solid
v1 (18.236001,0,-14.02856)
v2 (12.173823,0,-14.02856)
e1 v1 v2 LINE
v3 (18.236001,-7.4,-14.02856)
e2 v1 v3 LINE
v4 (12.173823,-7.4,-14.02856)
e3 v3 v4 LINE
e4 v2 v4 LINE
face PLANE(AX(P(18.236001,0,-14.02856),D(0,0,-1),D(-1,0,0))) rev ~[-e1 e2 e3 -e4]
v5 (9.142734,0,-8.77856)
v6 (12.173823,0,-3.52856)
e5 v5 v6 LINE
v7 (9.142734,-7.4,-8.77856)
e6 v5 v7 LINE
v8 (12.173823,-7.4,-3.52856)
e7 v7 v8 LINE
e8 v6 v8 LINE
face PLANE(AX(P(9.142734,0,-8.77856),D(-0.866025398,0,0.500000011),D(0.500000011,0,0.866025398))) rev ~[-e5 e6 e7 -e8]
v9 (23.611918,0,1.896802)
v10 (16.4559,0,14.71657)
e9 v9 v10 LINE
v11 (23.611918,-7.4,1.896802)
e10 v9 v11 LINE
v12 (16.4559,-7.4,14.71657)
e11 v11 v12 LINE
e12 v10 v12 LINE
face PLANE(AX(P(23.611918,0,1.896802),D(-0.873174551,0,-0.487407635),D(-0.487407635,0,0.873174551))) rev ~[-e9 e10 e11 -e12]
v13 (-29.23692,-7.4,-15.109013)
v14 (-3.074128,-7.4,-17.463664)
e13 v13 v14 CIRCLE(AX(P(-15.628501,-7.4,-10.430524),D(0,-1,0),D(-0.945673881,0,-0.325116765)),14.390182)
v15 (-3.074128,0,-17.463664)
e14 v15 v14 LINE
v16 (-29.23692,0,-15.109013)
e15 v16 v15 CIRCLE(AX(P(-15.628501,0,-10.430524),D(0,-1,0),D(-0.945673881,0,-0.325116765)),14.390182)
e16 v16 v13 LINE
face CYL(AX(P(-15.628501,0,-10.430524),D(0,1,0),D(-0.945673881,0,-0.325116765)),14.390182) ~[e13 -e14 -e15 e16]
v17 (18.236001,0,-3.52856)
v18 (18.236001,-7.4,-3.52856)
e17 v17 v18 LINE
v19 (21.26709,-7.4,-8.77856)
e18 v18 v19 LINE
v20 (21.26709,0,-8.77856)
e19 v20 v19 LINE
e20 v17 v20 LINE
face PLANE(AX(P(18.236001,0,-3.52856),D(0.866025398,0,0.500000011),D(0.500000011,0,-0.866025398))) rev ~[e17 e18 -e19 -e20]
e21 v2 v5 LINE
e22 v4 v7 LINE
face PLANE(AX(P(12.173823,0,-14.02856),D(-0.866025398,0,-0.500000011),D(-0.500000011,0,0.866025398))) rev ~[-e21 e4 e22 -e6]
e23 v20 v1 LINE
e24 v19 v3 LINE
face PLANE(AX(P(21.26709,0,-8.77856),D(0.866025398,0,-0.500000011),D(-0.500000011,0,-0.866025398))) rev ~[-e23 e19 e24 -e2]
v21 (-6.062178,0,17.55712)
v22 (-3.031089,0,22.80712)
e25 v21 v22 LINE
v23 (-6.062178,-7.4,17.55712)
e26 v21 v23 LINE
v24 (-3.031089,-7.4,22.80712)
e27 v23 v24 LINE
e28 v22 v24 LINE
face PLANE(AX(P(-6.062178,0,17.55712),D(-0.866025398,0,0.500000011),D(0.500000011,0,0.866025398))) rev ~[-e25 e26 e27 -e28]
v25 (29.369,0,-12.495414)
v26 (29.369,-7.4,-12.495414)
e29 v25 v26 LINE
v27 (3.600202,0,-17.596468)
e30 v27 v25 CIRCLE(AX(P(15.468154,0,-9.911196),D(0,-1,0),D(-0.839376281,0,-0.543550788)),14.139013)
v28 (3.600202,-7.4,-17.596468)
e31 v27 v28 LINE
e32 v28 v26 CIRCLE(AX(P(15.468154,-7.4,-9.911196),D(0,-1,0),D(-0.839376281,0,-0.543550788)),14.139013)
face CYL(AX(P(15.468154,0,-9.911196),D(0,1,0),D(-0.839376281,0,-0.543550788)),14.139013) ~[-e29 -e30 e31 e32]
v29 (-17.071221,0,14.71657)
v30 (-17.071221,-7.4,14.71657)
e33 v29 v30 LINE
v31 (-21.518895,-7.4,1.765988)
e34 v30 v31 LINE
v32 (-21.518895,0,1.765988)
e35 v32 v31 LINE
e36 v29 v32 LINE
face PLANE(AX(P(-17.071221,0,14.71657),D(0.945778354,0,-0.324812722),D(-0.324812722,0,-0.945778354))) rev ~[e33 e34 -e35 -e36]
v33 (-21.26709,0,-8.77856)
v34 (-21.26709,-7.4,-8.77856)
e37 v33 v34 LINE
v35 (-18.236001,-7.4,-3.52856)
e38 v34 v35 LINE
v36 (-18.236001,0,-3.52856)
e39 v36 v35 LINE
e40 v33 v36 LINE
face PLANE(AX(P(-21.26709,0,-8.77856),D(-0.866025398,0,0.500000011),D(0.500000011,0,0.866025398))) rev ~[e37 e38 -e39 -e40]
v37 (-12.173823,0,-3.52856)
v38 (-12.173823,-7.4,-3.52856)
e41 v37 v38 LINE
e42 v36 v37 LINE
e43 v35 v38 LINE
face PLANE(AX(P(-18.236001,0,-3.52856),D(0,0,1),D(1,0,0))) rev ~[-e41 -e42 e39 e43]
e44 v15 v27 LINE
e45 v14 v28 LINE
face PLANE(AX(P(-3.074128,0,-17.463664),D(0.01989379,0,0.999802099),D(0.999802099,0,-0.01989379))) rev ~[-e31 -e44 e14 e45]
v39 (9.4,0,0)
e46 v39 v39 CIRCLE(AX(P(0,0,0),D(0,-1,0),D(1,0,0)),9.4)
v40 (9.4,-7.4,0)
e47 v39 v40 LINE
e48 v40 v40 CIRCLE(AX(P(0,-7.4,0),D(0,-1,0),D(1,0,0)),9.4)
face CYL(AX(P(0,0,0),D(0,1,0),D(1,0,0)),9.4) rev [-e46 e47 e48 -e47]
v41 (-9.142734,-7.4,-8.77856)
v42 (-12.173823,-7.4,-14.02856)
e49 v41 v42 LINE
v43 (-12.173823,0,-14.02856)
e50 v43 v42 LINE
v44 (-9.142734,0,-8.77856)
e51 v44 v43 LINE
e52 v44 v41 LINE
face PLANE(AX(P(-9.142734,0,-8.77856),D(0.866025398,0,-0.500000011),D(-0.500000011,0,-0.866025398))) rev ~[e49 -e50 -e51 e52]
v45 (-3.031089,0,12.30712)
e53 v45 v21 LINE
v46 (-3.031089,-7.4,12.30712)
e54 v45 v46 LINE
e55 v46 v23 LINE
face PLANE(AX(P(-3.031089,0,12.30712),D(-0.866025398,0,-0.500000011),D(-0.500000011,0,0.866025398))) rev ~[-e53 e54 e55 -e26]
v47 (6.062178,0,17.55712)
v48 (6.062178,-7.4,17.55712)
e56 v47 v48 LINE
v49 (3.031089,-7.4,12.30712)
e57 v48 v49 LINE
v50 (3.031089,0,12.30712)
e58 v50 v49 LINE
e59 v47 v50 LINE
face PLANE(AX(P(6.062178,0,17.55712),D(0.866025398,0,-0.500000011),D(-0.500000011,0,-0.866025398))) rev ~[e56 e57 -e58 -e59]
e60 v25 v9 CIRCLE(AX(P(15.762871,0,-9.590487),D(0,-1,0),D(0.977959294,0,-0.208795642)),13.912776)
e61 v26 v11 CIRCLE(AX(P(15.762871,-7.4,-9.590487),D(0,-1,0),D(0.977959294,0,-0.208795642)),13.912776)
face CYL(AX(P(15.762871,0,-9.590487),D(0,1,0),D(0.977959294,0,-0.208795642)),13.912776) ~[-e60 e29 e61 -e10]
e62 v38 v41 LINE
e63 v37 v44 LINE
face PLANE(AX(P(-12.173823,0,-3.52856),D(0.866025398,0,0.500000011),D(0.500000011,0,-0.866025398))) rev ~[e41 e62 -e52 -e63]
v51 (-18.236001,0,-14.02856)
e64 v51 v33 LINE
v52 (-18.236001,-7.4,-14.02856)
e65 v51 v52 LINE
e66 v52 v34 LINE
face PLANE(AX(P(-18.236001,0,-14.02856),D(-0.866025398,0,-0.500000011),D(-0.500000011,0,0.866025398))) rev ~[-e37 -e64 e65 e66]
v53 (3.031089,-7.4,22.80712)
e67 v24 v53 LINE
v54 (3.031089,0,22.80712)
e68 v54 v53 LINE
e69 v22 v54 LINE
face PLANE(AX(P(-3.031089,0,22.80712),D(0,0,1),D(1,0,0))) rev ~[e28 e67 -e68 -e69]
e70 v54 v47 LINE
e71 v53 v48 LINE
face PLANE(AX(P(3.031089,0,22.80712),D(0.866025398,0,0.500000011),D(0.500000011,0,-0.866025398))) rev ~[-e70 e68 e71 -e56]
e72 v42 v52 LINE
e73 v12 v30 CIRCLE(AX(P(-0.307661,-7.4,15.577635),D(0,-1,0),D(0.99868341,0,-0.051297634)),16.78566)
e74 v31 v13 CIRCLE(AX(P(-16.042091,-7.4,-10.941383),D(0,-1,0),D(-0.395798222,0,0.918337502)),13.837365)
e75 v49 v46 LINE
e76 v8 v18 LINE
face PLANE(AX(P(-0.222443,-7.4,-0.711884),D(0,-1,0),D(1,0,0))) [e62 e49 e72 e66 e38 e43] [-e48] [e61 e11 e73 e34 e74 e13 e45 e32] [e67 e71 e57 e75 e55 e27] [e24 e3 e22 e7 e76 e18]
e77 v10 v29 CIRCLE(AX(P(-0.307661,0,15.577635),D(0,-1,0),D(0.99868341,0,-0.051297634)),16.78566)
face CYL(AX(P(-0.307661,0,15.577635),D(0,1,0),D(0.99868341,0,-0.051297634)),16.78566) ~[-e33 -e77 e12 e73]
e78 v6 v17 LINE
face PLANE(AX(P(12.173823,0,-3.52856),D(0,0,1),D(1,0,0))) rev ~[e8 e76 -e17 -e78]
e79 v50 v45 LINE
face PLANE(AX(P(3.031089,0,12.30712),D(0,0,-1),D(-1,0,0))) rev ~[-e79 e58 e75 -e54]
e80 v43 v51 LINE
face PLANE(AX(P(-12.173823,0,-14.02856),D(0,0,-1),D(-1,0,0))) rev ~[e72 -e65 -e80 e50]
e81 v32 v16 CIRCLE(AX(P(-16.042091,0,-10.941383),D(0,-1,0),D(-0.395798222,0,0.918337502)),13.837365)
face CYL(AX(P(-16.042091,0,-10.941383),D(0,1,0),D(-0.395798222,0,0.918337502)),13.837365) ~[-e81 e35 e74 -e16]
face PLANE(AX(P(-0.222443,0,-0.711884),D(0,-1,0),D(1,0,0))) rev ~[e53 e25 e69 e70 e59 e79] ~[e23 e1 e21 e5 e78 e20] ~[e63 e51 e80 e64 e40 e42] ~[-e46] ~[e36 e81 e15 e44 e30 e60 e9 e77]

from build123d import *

# Parameters (mm, degrees)
F0_R     = 9.4
F1_DEPTH = 7.4


with BuildPart() as f1:
    # F0 (on Front) → F1 (new body)
    with BuildSketch(Plane.XZ):
        with BuildLine():
            Line((-3.074128, -17.463664), (3.600202, -17.596468))
            ThreePointArc((3.600202, -17.596468), (18.21376, -23.781068), (29.369, -12.495414))
            ThreePointArc((29.369, -12.495414), (28.680499, -4.42326), (23.611918, 1.896802))
            Line((23.611918, 1.896802), (16.4559, 14.71657))
            ThreePointArc((16.4559, 14.71657), (-0.307661, 32.363295), (-17.071221, 14.71657))
            Line((-17.071221, 14.71657), (-21.518895, 1.765988))
            ThreePointArc((-21.518895, 1.765988), (-28.625766, -5.186057), (-29.23692, -15.109013))
            ThreePointArc((-29.23692, -15.109013), (-16.918404, -24.762777), (-3.074128, -17.463664))
        make_face()
        Polygon((-12.173823, -14.02856), (-18.236001, -14.02856), (-21.26709, -8.77856), (-18.236001, -3.52856), (-12.173823, -3.52856), (-9.142734, -8.77856), align=None, mode=Mode.SUBTRACT)
        Circle(F0_R, mode=Mode.SUBTRACT)
        Polygon((18.236001, -3.52856), (21.26709, -8.77856), (18.236001, -14.02856), (12.173823, -14.02856), (9.142734, -8.77856), (12.173823, -3.52856), align=None, mode=Mode.SUBTRACT)
        Polygon((6.062178, 17.55712), (3.031089, 12.30712), (-3.031089, 12.30712), (-6.062178, 17.55712), (-3.031089, 22.80712), (3.031089, 22.80712), align=None, mode=Mode.SUBTRACT)
    extrude(amount=F1_DEPTH)


solid = f1.part
